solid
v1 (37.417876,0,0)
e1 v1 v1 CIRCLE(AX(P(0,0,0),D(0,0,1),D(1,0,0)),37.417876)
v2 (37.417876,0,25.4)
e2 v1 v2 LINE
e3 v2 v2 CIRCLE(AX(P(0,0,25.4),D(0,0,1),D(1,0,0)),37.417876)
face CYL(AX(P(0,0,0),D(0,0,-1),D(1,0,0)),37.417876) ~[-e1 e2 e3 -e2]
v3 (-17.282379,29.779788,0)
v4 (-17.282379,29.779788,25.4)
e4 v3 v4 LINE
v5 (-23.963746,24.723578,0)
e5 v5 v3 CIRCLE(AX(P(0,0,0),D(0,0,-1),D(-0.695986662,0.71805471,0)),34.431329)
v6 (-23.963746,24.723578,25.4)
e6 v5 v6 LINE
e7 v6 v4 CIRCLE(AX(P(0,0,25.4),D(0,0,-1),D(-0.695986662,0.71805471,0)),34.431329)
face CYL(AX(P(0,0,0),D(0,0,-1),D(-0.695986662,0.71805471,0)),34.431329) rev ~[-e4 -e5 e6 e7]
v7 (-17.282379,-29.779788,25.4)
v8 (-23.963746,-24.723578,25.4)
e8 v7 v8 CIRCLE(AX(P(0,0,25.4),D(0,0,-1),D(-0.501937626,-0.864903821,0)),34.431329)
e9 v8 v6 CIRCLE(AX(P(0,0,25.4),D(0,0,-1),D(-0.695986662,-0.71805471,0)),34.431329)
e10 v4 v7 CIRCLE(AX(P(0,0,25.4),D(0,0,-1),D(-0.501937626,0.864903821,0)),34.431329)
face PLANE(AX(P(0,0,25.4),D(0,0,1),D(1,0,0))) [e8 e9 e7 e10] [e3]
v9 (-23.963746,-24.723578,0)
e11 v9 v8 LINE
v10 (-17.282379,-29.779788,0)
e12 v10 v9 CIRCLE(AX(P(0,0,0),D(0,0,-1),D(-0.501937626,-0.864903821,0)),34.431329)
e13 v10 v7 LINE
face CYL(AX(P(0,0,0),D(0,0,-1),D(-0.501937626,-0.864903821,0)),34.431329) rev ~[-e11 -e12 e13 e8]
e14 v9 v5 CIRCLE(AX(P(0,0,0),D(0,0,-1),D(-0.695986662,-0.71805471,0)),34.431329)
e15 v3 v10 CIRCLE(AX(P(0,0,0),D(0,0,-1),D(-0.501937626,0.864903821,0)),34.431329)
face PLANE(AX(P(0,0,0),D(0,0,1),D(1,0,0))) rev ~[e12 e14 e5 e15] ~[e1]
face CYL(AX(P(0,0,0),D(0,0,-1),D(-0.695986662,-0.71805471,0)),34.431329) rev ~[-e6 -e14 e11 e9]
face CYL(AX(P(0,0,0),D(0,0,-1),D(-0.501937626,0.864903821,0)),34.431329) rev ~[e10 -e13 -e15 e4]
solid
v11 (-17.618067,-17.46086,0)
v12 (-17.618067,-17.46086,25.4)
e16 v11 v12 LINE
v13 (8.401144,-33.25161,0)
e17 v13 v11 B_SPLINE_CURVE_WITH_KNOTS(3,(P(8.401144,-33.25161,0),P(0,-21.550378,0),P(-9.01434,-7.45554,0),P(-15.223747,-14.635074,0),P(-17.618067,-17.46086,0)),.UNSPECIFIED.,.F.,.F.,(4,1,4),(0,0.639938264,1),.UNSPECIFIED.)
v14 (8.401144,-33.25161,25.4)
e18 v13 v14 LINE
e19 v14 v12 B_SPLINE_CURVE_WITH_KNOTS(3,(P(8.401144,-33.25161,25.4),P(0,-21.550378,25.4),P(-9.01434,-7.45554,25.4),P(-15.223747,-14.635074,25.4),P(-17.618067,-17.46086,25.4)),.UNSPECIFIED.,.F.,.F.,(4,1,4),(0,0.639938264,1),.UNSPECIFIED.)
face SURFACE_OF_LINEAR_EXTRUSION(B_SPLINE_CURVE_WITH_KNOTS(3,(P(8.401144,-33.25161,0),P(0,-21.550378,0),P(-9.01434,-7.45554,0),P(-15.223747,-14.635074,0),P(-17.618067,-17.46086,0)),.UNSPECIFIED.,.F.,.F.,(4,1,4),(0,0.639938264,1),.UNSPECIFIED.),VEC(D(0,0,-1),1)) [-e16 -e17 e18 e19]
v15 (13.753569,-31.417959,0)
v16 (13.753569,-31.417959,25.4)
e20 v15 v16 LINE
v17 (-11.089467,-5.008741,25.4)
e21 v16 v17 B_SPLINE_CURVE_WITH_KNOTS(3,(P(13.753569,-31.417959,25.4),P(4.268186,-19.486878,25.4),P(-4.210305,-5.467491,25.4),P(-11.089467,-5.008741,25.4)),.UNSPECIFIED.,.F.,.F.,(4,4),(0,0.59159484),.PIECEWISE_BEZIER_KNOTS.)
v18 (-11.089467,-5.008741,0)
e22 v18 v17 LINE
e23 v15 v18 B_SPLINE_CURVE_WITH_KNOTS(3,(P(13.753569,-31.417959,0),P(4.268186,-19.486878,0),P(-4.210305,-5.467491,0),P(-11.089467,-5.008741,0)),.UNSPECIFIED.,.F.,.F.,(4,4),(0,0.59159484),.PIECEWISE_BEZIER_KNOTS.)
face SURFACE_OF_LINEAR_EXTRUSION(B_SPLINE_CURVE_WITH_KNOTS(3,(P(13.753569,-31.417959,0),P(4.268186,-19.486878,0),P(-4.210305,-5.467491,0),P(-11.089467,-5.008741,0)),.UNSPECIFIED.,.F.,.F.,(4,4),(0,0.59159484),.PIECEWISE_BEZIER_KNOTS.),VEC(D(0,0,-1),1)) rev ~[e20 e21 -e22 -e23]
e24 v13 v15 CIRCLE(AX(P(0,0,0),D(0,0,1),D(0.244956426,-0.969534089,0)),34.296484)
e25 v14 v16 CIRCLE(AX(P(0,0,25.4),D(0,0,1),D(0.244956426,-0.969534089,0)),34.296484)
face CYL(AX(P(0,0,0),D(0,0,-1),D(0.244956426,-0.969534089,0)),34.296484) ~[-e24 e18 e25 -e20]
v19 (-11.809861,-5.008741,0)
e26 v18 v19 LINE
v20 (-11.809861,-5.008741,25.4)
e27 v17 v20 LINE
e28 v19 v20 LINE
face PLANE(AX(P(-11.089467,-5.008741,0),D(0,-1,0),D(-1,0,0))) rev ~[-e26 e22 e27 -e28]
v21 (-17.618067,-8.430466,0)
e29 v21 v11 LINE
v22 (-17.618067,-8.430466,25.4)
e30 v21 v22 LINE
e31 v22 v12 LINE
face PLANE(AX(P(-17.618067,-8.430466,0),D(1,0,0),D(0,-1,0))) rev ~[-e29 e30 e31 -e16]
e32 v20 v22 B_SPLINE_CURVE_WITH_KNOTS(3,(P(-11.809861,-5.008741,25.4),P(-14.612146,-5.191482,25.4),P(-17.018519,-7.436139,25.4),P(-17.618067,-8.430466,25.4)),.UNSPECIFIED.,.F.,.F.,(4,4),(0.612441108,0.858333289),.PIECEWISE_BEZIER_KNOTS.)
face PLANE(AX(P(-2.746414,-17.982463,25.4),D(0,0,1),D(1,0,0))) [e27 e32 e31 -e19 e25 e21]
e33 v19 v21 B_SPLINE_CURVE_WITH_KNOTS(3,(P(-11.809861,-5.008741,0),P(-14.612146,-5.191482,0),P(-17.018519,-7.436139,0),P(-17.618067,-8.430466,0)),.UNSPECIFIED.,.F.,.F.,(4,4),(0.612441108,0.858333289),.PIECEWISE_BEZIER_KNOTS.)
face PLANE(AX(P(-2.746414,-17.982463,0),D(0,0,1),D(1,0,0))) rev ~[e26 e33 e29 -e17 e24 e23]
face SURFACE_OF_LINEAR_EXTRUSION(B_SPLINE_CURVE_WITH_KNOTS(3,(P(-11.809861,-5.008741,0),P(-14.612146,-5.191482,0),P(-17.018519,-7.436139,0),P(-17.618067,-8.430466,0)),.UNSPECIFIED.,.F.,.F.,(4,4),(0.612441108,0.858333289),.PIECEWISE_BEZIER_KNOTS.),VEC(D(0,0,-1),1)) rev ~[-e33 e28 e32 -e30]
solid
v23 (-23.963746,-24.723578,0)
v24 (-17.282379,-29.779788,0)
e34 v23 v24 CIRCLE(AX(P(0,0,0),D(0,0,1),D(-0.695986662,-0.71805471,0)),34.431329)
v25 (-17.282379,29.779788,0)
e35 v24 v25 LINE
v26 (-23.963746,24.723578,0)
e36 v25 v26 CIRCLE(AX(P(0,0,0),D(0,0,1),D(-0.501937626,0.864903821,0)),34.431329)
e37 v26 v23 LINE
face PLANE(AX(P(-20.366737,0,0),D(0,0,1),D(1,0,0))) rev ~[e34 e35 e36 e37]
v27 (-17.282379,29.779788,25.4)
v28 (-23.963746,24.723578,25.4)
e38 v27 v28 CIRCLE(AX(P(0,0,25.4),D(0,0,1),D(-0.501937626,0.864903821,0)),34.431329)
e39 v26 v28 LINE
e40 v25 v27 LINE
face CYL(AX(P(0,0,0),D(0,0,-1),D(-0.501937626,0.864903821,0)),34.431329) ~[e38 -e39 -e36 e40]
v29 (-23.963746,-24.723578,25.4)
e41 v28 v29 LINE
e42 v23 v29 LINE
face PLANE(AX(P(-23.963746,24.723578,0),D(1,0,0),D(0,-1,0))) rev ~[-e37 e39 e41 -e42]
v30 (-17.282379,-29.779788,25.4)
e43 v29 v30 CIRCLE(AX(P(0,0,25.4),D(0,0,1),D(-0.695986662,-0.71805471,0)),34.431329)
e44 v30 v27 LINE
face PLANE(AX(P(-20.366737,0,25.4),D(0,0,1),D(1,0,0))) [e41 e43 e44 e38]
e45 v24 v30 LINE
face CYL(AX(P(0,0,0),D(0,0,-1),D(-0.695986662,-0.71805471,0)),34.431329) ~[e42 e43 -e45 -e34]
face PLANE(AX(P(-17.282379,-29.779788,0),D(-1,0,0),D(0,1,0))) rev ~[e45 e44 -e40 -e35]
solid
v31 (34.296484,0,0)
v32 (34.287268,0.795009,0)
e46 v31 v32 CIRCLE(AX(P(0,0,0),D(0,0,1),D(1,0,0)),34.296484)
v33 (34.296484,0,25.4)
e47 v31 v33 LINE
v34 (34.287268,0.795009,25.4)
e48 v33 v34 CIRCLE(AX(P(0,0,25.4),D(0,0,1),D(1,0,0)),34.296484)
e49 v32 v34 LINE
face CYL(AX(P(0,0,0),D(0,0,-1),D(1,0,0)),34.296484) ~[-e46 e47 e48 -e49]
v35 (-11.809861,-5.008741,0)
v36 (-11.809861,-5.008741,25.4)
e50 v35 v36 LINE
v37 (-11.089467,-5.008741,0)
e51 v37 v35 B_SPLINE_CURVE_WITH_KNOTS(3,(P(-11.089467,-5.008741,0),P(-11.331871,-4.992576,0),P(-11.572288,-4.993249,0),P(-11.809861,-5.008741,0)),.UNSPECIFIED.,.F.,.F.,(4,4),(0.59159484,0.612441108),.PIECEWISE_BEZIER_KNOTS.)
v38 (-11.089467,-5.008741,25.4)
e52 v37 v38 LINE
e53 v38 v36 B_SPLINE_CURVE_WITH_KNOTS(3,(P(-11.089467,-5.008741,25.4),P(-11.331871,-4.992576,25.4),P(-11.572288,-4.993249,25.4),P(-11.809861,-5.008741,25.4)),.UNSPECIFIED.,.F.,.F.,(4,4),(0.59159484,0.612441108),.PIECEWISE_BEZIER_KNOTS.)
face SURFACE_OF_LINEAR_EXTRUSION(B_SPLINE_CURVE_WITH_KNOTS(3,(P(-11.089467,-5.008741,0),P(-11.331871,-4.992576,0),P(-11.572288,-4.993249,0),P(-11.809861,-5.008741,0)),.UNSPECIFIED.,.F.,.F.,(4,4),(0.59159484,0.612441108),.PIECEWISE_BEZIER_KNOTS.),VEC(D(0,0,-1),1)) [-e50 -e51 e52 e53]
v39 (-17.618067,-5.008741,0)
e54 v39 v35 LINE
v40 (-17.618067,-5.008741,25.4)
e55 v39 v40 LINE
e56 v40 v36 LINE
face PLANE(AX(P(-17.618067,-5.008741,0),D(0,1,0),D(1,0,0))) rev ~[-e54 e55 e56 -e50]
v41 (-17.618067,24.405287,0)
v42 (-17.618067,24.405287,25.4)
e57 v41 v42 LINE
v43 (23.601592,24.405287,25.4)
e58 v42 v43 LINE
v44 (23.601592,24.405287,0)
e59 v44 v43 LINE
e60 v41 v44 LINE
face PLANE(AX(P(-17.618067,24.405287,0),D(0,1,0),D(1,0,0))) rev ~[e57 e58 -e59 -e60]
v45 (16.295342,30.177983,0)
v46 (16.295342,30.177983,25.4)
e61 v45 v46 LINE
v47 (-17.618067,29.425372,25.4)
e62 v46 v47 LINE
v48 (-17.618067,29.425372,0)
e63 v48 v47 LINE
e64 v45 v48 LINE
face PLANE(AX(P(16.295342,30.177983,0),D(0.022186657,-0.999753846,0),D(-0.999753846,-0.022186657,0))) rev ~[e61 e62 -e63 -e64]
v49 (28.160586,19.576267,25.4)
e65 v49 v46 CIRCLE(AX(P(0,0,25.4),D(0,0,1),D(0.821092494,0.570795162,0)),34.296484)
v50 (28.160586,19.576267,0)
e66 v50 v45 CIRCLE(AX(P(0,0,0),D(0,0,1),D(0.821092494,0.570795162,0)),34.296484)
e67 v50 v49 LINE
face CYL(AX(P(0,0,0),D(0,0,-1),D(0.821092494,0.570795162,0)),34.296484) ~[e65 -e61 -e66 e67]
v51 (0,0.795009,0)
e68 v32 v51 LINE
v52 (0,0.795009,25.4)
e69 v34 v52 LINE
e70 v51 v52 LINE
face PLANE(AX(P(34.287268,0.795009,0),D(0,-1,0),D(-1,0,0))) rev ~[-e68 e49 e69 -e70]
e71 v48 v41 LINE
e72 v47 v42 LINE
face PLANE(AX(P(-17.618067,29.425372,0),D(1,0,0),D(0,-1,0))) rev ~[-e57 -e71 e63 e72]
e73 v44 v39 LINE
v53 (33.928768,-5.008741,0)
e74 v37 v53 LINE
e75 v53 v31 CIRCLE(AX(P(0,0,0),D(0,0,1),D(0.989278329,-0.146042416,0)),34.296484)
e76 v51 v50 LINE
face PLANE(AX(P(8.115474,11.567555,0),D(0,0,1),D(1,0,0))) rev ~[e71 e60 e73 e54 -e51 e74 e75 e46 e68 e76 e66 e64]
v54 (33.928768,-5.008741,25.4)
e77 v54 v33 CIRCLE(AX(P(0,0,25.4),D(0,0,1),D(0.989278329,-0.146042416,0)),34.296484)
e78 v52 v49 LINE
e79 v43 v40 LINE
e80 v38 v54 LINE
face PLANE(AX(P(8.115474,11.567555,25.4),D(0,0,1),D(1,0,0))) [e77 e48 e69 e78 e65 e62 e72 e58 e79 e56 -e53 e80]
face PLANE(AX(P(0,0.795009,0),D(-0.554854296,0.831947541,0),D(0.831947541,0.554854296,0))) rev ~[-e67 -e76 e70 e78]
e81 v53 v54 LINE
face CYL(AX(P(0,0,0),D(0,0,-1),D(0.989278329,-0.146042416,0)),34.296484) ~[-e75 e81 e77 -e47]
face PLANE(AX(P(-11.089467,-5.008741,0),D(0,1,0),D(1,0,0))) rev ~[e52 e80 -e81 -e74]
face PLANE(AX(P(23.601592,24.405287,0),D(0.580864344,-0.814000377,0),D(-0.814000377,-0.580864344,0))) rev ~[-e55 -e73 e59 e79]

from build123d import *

# Parameters (mm, degrees)
F1_DEPTH = 25.4
F2_R     = 37.4178761055
F3_DEPTH = 25.4
F4_DEPTH = 25.4
F5_DEPTH = 25.4


with BuildPart() as f1:
    # F0 (on Top) → F1 (new body)
    with BuildSketch(Plane.XY):
        with BuildLine():
            ThreePointArc((33.9287684393, -5.0087413818), (34.2044316104, -2.511110561), (34.2964840478, 0))
            ThreePointArc((34.2964840478, 0), (34.294180077, 0.3975309867), (34.2872684742, 0.7950085626))
            Line((34.2872684742, 0.7950085626), (0, 0.7950085626))
            Line((0, 0.7950085626), (28.1605856089, 19.5762671672))
            ThreePointArc((28.1605856089, 19.5762671672), (22.8512903751, 25.5747403943), (16.2953421659, 30.1779827314))
            Line((16.2953421659, 30.1779827314), (-17.6180669408, 29.4253723053))
            Line((-17.6180669408, 29.4253723053), (-17.6180669408, 24.4052867492))
            Line((-17.6180669408, 24.4052867492), (23.6015916839, 24.4052867492))
            Line((23.6015916839, 24.4052867492), (-17.6180669408, -5.0087413818))
            Line((-17.6180669408, -5.0087413818), (-11.8098608539, -5.0087413818))
            add(Edge.make_bspline(
                [(-11.0894667073, -5.0087413818), (-11.3318705064, -4.9925762286), (-11.5722884577, -4.9932489761), (-11.8098608539, -5.0087413818)],
                knots=[0.5915948405, 0.5915948405, 0.5915948405, 0.5915948405, 0.6124411079, 0.6124411079, 0.6124411079, 0.6124411079], degree=3))
            Line((-11.0894667073, -5.0087413818), (33.9287684393, -5.0087413818))
        make_face()
    extrude(amount=F1_DEPTH)


with BuildPart() as f1b:
    # F0 (on Top) → F1, piece 2 (new body)
    with BuildSketch(Plane.XY):
        with BuildLine():
            ThreePointArc((8.4011441477, -33.2516104129), (11.1152325274, -32.4453451808), (13.7535686729, -31.4179593036))
            add(Edge.make_bspline(
                [(13.7535686729, -31.4179593036), (4.2681861669, -19.4868780673), (-4.2103053415, -5.4674911927), (-11.0894667073, -5.0087413818)],
                knots=[0, 0, 0, 0, 0.5915948405, 0.5915948405, 0.5915948405, 0.5915948405], degree=3))
            Line((-11.0894667073, -5.0087413818), (-11.8098608539, -5.0087413818))
            add(Edge.make_bspline(
                [(-11.8098608539, -5.0087413818), (-14.612146447, -5.191482078), (-17.0185189899, -7.4361390007), (-17.6180669408, -8.4304659816)],
                knots=[0.6124411079, 0.6124411079, 0.6124411079, 0.6124411079, 0.8583332887, 0.8583332887, 0.8583332887, 0.8583332887], degree=3))
            Line((-17.6180669408, -8.4304659816), (-17.6180669408, -10.5096240812))
            Line((-17.6180669408, -10.5096240812), (-17.6180669408, -17.46085981))
            add(Edge.make_bspline(
                [(8.4011441477, -33.2516104129), (0, -21.5503783797), (-9.0143397435, -7.4555404019), (-15.2237471193, -14.6350739524), (-17.6180669408, -17.46085981)],
                knots=[0, 0, 0, 0, 0.6399382639, 1, 1, 1, 1], degree=3))
        make_face()
    extrude(amount=F1_DEPTH)


with BuildPart() as f3:
    # F2 (on Top) → F3 (new body)
    with BuildSketch(Plane.XY):
        Circle(F2_R)
        with BuildLine():
            ThreePointArc((-17.2823793981, 29.7797877568), (17.1822744509, 29.837658105), (34.4313287065, 0))
            ThreePointArc((34.4313287065, 0), (17.1822744509, -29.837658105), (-17.2823793981, -29.7797877568))
            ThreePointArc((-17.2823793981, -29.7797877568), (-20.7774401757, -27.4556802182), (-23.9637455276, -24.7235777504))
            ThreePointArc((-23.9637455276, -24.7235777504), (-34.4313287065, 0), (-23.9637455276, 24.7235777504))
            ThreePointArc((-23.9637455276, 24.7235777504), (-20.7774401757, 27.4556802182), (-17.2823793981, 29.7797877568))
        make_face(mode=Mode.SUBTRACT)
    extrude(amount=F3_DEPTH)

    # F2 (on Top) → F4 (join)
    with BuildSketch(Plane.XY):
        Circle(F2_R)
        with BuildLine():
            ThreePointArc((-17.2823793981, 29.7797877568), (17.1822744509, 29.837658105), (34.4313287065, 0))
            ThreePointArc((34.4313287065, 0), (17.1822744509, -29.837658105), (-17.2823793981, -29.7797877568))
            ThreePointArc((-17.2823793981, -29.7797877568), (-20.7774401757, -27.4556802182), (-23.9637455276, -24.7235777504))
            ThreePointArc((-23.9637455276, -24.7235777504), (-34.4313287065, 0), (-23.9637455276, 24.7235777504))
            ThreePointArc((-23.9637455276, 24.7235777504), (-20.7774401757, 27.4556802182), (-17.2823793981, 29.7797877568))
        make_face(mode=Mode.SUBTRACT)
    extrude(amount=F4_DEPTH)


with BuildPart() as f5:
    # F2 (on Top) → F5 (new body)
    with BuildSketch(Plane.XY):
        with BuildLine():
            Line((-17.2823793981, -29.7797877568), (-17.2823793981, 29.7797877568))
            ThreePointArc((-17.2823793981, 29.7797877568), (-20.7774401757, 27.4556802182), (-23.9637455276, 24.7235777504))
            Line((-23.9637455276, 24.7235777504), (-23.9637455276, -24.7235777504))
            ThreePointArc((-23.9637455276, -24.7235777504), (-20.7774401757, -27.4556802182), (-17.2823793981, -29.7797877568))
        make_face()
    extrude(amount=F5_DEPTH)


solid = Compound([f1.part, f1b.part, f3.part, f5.part])
